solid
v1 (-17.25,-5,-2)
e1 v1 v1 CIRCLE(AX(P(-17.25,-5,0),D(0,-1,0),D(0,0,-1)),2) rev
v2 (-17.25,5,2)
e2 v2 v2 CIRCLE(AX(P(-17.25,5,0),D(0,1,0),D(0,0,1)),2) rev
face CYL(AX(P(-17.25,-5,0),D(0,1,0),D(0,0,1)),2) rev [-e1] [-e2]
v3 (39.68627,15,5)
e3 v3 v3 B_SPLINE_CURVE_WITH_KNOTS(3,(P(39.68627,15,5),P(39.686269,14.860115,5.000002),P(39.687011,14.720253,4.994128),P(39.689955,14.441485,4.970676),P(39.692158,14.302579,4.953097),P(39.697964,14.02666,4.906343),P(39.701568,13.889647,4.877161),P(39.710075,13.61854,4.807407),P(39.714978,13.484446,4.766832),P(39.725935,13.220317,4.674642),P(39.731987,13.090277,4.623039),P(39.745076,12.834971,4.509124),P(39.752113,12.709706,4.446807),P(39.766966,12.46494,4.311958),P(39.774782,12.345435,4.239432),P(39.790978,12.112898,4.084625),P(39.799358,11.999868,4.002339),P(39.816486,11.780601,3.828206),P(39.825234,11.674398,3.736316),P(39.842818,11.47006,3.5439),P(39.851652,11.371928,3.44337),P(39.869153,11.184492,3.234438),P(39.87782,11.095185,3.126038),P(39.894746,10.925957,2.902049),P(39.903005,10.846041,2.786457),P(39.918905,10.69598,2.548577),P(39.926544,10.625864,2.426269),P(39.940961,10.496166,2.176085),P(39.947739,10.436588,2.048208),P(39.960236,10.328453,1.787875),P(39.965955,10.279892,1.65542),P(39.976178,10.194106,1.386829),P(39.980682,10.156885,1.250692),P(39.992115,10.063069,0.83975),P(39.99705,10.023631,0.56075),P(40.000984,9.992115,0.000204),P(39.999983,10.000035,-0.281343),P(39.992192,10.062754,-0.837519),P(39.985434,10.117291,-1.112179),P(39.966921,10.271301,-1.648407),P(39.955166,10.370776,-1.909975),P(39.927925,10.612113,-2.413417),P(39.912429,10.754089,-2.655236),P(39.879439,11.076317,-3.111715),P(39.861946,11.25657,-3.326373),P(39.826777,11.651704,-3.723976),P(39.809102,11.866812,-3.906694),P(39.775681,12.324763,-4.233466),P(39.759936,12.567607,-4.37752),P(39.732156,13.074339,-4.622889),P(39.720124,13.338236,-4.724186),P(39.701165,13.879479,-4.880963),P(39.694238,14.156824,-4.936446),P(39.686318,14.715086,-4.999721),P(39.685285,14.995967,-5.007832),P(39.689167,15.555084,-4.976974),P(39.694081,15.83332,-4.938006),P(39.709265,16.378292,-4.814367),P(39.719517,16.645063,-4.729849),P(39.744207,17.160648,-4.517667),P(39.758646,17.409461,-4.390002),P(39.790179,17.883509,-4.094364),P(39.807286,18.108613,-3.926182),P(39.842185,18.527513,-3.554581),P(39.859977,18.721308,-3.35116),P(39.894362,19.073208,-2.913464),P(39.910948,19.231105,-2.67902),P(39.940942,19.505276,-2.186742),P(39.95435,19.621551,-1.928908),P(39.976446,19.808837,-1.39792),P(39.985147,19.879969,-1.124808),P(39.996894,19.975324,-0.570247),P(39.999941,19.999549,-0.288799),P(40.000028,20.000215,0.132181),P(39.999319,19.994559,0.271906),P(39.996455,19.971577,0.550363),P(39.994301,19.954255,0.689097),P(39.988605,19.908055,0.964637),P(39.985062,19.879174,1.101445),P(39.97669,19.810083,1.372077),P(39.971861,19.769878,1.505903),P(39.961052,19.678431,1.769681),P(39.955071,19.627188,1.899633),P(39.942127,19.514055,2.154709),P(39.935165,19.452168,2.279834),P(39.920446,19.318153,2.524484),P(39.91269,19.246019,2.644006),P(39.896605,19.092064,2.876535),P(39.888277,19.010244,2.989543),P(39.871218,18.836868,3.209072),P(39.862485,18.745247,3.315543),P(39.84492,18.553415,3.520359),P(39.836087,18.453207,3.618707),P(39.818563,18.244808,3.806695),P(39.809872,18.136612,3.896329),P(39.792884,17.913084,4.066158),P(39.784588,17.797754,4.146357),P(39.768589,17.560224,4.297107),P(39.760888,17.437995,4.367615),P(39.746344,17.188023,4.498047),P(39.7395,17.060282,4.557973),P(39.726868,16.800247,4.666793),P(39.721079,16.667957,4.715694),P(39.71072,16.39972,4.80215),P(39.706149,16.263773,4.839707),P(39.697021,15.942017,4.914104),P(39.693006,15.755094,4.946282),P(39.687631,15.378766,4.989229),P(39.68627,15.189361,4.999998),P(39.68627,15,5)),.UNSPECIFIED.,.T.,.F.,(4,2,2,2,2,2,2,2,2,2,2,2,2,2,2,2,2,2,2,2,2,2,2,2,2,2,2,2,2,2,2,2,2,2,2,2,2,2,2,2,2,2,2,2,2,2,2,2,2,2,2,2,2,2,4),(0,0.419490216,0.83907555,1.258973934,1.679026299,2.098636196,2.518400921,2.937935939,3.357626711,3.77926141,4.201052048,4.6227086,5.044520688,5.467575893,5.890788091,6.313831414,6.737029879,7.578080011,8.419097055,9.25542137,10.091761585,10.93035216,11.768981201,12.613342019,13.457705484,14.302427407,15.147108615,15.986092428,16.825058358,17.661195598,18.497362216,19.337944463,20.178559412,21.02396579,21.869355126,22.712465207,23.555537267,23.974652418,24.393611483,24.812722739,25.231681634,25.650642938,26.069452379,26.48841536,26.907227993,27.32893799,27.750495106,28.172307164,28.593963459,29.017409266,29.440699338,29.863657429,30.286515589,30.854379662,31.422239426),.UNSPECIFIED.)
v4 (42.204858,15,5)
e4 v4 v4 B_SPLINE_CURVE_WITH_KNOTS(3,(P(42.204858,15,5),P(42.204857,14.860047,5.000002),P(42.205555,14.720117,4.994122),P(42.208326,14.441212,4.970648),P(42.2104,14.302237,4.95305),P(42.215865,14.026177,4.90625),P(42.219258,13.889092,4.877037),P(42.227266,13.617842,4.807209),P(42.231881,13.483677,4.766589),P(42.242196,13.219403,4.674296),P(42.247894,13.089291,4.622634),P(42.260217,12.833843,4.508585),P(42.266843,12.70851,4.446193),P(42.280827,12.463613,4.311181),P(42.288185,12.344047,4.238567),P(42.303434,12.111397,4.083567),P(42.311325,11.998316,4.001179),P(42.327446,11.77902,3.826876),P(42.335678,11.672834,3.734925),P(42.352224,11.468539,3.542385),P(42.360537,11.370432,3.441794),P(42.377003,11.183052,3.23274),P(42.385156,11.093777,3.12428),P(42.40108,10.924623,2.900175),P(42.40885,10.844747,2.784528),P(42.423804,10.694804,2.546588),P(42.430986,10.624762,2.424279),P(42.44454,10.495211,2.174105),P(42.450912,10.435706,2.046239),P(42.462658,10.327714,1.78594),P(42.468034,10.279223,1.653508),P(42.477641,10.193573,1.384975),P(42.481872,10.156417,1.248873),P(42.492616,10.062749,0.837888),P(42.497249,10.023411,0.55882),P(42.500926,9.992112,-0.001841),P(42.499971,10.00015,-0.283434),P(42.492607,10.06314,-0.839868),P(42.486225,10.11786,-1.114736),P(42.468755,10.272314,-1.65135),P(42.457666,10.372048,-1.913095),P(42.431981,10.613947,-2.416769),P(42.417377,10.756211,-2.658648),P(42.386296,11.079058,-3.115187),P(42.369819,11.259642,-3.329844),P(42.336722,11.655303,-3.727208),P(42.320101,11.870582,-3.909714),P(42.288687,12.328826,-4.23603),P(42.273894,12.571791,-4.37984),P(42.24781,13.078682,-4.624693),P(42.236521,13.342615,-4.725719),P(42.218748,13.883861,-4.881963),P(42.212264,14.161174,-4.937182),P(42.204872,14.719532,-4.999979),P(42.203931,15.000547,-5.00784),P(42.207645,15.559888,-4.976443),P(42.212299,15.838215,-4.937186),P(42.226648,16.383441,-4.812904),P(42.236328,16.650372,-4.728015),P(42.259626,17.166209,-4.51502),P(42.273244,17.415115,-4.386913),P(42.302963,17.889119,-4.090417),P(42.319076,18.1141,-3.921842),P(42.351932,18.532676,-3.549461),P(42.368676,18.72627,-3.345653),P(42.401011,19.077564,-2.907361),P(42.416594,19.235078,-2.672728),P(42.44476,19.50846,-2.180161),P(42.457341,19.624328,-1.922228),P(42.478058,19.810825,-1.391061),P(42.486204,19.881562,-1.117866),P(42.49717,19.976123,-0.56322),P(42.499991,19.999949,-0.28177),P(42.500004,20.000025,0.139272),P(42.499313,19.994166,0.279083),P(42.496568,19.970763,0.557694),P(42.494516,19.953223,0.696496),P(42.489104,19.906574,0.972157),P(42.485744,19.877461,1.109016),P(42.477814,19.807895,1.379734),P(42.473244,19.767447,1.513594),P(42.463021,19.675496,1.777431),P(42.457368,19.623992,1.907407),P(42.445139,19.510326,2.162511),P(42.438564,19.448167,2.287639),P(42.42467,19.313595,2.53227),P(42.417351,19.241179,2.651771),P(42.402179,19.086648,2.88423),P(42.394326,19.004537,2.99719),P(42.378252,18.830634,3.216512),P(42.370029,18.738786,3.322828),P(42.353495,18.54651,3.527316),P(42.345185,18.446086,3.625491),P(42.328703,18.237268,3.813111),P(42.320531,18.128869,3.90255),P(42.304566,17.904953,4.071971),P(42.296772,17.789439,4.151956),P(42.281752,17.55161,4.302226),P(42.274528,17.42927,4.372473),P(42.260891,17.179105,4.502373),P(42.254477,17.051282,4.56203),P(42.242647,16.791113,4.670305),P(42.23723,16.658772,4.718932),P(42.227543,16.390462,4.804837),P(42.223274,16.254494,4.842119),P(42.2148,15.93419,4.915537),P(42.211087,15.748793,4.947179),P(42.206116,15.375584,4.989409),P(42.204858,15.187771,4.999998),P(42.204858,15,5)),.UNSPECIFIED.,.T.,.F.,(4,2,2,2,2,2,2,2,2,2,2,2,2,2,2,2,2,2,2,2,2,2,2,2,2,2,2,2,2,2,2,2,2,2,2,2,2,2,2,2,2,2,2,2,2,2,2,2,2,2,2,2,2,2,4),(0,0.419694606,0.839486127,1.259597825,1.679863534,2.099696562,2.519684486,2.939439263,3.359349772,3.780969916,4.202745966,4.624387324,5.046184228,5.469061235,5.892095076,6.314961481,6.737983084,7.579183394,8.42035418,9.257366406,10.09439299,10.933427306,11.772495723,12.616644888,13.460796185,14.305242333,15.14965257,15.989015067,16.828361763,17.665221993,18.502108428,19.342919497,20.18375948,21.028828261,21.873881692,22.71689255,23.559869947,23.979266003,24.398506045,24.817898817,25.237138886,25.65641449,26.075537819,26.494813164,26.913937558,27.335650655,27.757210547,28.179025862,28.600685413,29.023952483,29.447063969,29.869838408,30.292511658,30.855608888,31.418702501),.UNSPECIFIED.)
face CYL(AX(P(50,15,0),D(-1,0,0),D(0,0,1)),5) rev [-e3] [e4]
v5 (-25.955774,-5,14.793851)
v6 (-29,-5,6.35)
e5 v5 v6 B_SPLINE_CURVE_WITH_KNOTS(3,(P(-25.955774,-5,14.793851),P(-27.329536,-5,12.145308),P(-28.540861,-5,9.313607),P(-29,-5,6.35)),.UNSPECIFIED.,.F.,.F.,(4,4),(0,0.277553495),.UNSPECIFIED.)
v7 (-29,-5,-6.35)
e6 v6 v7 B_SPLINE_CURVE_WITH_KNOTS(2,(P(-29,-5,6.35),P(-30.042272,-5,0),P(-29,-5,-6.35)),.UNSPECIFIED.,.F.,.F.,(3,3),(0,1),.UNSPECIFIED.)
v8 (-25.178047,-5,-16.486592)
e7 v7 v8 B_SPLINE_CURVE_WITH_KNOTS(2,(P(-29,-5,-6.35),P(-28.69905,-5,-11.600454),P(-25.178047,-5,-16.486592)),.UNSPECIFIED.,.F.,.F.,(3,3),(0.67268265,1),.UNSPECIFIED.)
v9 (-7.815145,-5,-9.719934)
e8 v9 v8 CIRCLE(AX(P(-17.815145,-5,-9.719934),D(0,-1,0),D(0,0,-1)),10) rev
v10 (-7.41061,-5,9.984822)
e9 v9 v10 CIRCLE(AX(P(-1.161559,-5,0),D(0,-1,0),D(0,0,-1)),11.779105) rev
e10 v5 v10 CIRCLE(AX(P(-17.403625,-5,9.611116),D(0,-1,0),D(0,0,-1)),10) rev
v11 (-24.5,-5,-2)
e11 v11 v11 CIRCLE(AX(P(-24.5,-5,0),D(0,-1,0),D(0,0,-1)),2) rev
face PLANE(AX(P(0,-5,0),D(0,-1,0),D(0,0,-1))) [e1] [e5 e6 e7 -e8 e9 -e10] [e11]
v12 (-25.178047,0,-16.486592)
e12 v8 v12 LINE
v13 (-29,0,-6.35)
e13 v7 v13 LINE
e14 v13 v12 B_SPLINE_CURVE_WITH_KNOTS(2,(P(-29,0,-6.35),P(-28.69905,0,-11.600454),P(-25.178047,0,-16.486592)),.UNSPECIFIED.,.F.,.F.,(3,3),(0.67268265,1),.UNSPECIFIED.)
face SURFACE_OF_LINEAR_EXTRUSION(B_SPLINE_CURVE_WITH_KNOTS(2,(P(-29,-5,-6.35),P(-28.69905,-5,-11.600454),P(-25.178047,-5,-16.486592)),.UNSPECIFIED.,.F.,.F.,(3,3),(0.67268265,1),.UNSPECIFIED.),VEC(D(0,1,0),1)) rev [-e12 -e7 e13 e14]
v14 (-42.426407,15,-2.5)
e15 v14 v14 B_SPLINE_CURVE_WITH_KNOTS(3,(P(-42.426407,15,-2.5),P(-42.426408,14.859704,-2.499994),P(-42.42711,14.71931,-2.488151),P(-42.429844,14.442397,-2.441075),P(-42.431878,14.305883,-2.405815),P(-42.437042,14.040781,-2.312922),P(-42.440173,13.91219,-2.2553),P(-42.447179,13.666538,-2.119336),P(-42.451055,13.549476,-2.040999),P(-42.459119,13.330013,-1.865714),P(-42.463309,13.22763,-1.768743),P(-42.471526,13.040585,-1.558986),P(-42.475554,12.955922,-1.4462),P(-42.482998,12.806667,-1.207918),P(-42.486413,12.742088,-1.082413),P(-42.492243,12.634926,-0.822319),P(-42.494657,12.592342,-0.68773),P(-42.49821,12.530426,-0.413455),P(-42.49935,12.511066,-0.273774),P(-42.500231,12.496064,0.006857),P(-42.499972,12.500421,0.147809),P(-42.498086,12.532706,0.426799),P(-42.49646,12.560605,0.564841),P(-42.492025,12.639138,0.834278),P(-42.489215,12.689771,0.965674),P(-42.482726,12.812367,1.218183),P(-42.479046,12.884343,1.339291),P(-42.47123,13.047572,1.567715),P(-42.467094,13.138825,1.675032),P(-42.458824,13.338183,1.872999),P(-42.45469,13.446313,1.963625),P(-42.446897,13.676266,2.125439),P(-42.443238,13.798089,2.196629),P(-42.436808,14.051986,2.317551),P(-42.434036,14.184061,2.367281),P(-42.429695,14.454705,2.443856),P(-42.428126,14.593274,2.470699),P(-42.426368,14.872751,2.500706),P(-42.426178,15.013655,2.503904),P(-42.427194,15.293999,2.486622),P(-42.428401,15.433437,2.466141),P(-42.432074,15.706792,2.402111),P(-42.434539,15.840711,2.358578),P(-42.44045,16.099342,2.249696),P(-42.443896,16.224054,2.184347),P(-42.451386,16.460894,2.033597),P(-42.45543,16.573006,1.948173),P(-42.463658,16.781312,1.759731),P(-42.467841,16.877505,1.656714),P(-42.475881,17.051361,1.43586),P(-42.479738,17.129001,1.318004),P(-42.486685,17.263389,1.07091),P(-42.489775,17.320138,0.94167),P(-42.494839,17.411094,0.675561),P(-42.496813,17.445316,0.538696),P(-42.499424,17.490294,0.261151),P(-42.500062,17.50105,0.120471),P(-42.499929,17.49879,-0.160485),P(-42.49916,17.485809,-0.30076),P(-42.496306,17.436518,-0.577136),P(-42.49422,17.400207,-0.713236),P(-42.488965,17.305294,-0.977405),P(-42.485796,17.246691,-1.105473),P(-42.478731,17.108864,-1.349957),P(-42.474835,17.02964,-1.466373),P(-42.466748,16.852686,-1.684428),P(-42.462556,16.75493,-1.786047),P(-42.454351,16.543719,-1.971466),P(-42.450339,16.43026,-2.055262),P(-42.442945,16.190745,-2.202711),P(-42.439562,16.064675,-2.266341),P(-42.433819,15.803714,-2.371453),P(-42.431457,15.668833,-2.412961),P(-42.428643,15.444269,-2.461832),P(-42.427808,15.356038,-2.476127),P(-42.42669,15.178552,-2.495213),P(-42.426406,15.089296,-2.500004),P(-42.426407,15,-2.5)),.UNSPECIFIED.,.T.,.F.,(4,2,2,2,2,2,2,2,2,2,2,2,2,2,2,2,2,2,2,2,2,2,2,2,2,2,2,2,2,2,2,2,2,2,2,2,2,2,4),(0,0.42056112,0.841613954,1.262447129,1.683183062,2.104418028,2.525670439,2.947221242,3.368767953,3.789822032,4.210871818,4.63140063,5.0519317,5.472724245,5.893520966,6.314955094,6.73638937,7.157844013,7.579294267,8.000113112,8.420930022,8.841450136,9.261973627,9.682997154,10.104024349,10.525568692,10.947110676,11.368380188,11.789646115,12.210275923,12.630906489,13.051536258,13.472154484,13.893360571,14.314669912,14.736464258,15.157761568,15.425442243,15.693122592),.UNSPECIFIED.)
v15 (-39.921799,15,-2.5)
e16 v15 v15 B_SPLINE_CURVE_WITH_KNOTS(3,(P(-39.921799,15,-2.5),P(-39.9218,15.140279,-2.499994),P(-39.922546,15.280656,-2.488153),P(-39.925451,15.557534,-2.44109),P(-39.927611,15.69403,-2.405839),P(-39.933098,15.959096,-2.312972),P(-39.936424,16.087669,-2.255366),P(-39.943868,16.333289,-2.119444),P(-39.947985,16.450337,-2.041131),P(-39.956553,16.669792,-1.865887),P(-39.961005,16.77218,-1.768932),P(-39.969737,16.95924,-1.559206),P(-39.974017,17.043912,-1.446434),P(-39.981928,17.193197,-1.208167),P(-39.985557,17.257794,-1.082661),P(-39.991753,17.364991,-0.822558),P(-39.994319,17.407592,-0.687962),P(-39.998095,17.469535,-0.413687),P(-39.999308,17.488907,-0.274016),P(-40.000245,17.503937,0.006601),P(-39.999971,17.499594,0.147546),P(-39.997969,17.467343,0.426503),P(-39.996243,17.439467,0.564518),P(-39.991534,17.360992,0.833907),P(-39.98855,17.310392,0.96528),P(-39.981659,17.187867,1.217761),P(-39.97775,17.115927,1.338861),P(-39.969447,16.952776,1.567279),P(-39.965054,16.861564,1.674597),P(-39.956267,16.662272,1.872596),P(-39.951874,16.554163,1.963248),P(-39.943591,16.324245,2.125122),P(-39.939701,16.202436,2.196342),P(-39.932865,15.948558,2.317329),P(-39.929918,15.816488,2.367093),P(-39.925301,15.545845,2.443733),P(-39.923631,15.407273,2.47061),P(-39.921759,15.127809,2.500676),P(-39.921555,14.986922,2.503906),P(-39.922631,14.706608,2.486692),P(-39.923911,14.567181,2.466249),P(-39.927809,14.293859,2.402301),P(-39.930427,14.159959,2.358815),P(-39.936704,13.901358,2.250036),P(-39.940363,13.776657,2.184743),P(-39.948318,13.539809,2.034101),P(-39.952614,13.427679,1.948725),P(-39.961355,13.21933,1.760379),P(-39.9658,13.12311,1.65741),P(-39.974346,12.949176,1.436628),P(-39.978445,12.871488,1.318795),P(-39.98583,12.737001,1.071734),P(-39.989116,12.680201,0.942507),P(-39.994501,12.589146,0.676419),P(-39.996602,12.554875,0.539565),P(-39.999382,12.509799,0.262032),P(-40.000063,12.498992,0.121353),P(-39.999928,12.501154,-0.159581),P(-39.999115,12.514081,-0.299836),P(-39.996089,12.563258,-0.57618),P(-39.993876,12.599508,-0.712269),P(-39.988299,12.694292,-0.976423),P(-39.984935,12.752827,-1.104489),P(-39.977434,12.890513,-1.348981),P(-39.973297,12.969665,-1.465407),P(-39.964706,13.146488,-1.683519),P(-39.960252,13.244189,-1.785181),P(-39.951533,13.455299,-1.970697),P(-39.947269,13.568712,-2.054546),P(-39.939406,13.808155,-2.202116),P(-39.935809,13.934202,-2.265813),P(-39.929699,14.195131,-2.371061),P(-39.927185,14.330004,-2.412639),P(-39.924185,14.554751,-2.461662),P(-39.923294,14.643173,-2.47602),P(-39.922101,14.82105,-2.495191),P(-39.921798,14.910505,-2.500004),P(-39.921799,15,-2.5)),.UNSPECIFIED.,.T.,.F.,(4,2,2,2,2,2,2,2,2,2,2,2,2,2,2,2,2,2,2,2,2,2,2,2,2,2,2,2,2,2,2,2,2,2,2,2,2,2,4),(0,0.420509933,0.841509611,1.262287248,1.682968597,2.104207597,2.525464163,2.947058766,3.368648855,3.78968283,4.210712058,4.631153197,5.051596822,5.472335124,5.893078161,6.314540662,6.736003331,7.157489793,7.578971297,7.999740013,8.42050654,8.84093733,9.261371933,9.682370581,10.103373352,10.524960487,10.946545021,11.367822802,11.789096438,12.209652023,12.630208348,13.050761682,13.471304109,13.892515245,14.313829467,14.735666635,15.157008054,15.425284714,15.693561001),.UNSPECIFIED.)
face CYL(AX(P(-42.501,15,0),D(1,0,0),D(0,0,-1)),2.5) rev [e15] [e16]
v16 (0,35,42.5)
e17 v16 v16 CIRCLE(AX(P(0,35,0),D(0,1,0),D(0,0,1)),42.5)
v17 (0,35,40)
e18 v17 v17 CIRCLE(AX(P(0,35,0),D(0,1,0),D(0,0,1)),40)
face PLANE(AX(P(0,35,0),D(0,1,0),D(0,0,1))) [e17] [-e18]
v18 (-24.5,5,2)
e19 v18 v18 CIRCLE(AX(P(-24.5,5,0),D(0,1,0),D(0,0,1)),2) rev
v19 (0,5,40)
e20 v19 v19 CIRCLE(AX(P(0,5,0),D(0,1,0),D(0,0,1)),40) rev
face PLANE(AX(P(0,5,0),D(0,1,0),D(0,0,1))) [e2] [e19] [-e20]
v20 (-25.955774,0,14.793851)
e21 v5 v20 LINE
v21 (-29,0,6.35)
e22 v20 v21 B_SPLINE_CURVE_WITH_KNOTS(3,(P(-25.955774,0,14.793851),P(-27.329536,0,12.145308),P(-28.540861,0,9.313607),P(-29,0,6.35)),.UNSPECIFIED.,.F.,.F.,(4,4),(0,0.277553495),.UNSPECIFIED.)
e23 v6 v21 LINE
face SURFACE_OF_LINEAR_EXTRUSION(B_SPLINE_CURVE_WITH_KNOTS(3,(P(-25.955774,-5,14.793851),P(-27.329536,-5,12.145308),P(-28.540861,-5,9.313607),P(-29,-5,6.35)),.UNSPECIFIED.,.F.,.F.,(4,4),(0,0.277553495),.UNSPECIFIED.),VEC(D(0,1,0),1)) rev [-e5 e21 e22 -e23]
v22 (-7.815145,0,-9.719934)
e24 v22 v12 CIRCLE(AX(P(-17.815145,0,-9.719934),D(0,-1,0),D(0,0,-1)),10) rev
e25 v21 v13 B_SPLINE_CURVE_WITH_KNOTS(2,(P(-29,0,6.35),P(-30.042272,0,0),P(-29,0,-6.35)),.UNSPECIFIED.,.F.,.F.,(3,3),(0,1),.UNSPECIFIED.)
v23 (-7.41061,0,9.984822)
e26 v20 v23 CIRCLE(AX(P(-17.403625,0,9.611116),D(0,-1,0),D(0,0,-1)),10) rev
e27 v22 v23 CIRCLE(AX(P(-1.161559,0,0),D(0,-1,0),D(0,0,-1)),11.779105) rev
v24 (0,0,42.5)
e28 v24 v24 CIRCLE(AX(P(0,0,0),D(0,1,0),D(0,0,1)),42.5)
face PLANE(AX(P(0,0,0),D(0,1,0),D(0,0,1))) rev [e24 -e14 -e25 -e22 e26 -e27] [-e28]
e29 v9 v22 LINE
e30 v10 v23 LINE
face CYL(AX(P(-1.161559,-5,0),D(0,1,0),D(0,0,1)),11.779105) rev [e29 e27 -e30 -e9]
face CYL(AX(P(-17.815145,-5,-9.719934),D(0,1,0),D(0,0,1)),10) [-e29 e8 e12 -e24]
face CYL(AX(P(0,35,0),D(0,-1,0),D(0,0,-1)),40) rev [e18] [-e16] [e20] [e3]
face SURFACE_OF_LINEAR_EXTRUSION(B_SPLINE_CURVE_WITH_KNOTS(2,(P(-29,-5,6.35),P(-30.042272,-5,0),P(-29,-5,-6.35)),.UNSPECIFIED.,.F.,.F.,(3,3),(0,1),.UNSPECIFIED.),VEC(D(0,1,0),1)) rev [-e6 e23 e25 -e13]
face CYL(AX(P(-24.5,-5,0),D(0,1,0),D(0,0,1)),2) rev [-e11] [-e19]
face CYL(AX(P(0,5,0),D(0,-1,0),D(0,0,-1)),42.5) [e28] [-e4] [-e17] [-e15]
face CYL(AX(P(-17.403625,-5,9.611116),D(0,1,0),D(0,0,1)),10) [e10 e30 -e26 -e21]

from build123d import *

# Parameters (mm, degrees)
SKETCH1_R               = 42.5
BOSS_EXTRUDE1_DEPTH     = 5
SKETCH2_R               = 42.5
SKETCH2_R_2             = 40
BOSS_EXTRUDE2_DEPTH     = 30
SKETCH3_R               = 2
BOSS_EXTRUDE3_DEPTH     = 5
CUT_EXTRUDE1_DEPTH      = 70.552138838
CUT_EXTRUDE1_DEPTH_BACK = 70.552138838
SKETCH3_3_R             = 2
CUT_EXTRUDE4_REACH      = 71.552
CUT_EXTRUDE4_END_RADIUS = 42.5
SKETCH4_R               = 2.5
SKETCH4_5_R             = 5
CUT_EXTRUDE8_DEPTH      = 50


with BuildPart() as part:
    # Sketch1 → Boss-Extrude1 (new body)
    with BuildSketch(Plane(origin=(0, 0, 0), x_dir=(1, 0, 0), z_dir=(0, 1, 0))):
        Circle(SKETCH1_R)
    extrude(amount=BOSS_EXTRUDE1_DEPTH)

    # Sketch2 → Boss-Extrude2 (add)
    with BuildSketch(Plane(origin=(0, 5, 0), x_dir=(1, 0, 0), z_dir=(0, 1, 0))):
        Circle(SKETCH2_R)
        Circle(SKETCH2_R_2, mode=Mode.SUBTRACT)
    extrude(amount=BOSS_EXTRUDE2_DEPTH)

    # Sketch3 → Boss-Extrude3 (add)
    with BuildSketch(Plane.XZ):
        with BuildLine():
            ThreePointArc((-25.178047354, -16.486591759), (-14.183962111, -19.037364236), (-7.815144583, -9.719933589))
            ThreePointArc((-7.815144583, -9.719933589), (-12.938182194, 0.241771609), (-7.410610084, 9.984822024))
            ThreePointArc((-7.410610084, 9.984822024), (-14.893502945, 19.290955178), (-25.95577439, 14.793850517))
            add(Edge.make_bspline(
                [(-25.95577439, 14.793850517), (-26.206471304, 14.310519768), (-26.451758672, 13.821089407), (-26.688052402, 13.325870914)],
                knots=[0, 0, 0, 0, 0.050650552, 0.050650552, 0.050650552, 0.050650552], degree=3))
            add(Edge.make_bspline(
                [(-26.688052402, 13.325870914), (-27.746594537, 11.107404767), (-28.624649084, 8.772780294), (-29, 6.35)],
                knots=[0.050650552, 0.050650552, 0.050650552, 0.050650552, 0.277553495, 0.277553495, 0.277553495, 0.277553495], degree=3))
            add(Edge.make_bspline(
                [(-29, 6.35), (-30.042272144, 0), (-29, -6.35)],
                knots=[0, 0, 0, 1, 1, 1], degree=2))
            add(Edge.make_bspline(
                [(-29, -6.35), (-28.699050384, -11.600454078), (-25.178047354, -16.486591759)],
                knots=[0.67268265, 0.67268265, 0.67268265, 1, 1, 1], degree=2))
        make_face()
        with Locations((-24.5, 0)):
            Circle(SKETCH3_R, mode=Mode.SUBTRACT)
        with Locations((-17.25, 0)):
            Circle(SKETCH3_R, mode=Mode.SUBTRACT)
    extrude(amount=BOSS_EXTRUDE3_DEPTH)

    # Sketch3<3> → Cut-Extrude1 (cut, two sides: drawn at the far end of the back side and taken through both)
    with BuildSketch(Plane.XZ.offset(-CUT_EXTRUDE1_DEPTH_BACK)):
        with Locations((-24.5, 0)):
            Circle(SKETCH3_3_R)
        with Locations((-17.25, 0)):
            Circle(SKETCH3_3_R)
    extrude(amount=CUT_EXTRUDE1_DEPTH + CUT_EXTRUDE1_DEPTH_BACK, mode=Mode.SUBTRACT)

    # Cut-Extrude4: up to this cylinder (the profile starts inside it)
    cut_extrude4_end = Plane(origin=(0, 15, 0), z_dir=(0, -1, 0)) * Cylinder(CUT_EXTRUDE4_END_RADIUS, 229.104, mode=Mode.PRIVATE)
    # Sketch4 → Cut-Extrude4 (cut, up to the surface)
    with BuildSketch(Plane(origin=(0, 0, 0), x_dir=(0, 0, -1), z_dir=(1, 0, 0)), mode=Mode.PRIVATE) as cut_extrude4_sk1:
        with Locations((0, 15)):
            Circle(SKETCH4_R)
    cut_extrude4_tool1 = extrude(cut_extrude4_sk1.sketch, amount=-CUT_EXTRUDE4_REACH, mode=Mode.PRIVATE) & cut_extrude4_end
    add(cut_extrude4_tool1.solids().sort_by_distance((0, 15, 0))[0], mode=Mode.SUBTRACT)

    # Sketch4<5> → Cut-Extrude8 (cut)
    with BuildSketch(Plane(origin=(0, 0, 0), x_dir=(0, 0, -1), z_dir=(1, 0, 0))):
        with Locations((0, 15)):
            Circle(SKETCH4_5_R)
    extrude(amount=CUT_EXTRUDE8_DEPTH, mode=Mode.SUBTRACT)


solid = part.part
